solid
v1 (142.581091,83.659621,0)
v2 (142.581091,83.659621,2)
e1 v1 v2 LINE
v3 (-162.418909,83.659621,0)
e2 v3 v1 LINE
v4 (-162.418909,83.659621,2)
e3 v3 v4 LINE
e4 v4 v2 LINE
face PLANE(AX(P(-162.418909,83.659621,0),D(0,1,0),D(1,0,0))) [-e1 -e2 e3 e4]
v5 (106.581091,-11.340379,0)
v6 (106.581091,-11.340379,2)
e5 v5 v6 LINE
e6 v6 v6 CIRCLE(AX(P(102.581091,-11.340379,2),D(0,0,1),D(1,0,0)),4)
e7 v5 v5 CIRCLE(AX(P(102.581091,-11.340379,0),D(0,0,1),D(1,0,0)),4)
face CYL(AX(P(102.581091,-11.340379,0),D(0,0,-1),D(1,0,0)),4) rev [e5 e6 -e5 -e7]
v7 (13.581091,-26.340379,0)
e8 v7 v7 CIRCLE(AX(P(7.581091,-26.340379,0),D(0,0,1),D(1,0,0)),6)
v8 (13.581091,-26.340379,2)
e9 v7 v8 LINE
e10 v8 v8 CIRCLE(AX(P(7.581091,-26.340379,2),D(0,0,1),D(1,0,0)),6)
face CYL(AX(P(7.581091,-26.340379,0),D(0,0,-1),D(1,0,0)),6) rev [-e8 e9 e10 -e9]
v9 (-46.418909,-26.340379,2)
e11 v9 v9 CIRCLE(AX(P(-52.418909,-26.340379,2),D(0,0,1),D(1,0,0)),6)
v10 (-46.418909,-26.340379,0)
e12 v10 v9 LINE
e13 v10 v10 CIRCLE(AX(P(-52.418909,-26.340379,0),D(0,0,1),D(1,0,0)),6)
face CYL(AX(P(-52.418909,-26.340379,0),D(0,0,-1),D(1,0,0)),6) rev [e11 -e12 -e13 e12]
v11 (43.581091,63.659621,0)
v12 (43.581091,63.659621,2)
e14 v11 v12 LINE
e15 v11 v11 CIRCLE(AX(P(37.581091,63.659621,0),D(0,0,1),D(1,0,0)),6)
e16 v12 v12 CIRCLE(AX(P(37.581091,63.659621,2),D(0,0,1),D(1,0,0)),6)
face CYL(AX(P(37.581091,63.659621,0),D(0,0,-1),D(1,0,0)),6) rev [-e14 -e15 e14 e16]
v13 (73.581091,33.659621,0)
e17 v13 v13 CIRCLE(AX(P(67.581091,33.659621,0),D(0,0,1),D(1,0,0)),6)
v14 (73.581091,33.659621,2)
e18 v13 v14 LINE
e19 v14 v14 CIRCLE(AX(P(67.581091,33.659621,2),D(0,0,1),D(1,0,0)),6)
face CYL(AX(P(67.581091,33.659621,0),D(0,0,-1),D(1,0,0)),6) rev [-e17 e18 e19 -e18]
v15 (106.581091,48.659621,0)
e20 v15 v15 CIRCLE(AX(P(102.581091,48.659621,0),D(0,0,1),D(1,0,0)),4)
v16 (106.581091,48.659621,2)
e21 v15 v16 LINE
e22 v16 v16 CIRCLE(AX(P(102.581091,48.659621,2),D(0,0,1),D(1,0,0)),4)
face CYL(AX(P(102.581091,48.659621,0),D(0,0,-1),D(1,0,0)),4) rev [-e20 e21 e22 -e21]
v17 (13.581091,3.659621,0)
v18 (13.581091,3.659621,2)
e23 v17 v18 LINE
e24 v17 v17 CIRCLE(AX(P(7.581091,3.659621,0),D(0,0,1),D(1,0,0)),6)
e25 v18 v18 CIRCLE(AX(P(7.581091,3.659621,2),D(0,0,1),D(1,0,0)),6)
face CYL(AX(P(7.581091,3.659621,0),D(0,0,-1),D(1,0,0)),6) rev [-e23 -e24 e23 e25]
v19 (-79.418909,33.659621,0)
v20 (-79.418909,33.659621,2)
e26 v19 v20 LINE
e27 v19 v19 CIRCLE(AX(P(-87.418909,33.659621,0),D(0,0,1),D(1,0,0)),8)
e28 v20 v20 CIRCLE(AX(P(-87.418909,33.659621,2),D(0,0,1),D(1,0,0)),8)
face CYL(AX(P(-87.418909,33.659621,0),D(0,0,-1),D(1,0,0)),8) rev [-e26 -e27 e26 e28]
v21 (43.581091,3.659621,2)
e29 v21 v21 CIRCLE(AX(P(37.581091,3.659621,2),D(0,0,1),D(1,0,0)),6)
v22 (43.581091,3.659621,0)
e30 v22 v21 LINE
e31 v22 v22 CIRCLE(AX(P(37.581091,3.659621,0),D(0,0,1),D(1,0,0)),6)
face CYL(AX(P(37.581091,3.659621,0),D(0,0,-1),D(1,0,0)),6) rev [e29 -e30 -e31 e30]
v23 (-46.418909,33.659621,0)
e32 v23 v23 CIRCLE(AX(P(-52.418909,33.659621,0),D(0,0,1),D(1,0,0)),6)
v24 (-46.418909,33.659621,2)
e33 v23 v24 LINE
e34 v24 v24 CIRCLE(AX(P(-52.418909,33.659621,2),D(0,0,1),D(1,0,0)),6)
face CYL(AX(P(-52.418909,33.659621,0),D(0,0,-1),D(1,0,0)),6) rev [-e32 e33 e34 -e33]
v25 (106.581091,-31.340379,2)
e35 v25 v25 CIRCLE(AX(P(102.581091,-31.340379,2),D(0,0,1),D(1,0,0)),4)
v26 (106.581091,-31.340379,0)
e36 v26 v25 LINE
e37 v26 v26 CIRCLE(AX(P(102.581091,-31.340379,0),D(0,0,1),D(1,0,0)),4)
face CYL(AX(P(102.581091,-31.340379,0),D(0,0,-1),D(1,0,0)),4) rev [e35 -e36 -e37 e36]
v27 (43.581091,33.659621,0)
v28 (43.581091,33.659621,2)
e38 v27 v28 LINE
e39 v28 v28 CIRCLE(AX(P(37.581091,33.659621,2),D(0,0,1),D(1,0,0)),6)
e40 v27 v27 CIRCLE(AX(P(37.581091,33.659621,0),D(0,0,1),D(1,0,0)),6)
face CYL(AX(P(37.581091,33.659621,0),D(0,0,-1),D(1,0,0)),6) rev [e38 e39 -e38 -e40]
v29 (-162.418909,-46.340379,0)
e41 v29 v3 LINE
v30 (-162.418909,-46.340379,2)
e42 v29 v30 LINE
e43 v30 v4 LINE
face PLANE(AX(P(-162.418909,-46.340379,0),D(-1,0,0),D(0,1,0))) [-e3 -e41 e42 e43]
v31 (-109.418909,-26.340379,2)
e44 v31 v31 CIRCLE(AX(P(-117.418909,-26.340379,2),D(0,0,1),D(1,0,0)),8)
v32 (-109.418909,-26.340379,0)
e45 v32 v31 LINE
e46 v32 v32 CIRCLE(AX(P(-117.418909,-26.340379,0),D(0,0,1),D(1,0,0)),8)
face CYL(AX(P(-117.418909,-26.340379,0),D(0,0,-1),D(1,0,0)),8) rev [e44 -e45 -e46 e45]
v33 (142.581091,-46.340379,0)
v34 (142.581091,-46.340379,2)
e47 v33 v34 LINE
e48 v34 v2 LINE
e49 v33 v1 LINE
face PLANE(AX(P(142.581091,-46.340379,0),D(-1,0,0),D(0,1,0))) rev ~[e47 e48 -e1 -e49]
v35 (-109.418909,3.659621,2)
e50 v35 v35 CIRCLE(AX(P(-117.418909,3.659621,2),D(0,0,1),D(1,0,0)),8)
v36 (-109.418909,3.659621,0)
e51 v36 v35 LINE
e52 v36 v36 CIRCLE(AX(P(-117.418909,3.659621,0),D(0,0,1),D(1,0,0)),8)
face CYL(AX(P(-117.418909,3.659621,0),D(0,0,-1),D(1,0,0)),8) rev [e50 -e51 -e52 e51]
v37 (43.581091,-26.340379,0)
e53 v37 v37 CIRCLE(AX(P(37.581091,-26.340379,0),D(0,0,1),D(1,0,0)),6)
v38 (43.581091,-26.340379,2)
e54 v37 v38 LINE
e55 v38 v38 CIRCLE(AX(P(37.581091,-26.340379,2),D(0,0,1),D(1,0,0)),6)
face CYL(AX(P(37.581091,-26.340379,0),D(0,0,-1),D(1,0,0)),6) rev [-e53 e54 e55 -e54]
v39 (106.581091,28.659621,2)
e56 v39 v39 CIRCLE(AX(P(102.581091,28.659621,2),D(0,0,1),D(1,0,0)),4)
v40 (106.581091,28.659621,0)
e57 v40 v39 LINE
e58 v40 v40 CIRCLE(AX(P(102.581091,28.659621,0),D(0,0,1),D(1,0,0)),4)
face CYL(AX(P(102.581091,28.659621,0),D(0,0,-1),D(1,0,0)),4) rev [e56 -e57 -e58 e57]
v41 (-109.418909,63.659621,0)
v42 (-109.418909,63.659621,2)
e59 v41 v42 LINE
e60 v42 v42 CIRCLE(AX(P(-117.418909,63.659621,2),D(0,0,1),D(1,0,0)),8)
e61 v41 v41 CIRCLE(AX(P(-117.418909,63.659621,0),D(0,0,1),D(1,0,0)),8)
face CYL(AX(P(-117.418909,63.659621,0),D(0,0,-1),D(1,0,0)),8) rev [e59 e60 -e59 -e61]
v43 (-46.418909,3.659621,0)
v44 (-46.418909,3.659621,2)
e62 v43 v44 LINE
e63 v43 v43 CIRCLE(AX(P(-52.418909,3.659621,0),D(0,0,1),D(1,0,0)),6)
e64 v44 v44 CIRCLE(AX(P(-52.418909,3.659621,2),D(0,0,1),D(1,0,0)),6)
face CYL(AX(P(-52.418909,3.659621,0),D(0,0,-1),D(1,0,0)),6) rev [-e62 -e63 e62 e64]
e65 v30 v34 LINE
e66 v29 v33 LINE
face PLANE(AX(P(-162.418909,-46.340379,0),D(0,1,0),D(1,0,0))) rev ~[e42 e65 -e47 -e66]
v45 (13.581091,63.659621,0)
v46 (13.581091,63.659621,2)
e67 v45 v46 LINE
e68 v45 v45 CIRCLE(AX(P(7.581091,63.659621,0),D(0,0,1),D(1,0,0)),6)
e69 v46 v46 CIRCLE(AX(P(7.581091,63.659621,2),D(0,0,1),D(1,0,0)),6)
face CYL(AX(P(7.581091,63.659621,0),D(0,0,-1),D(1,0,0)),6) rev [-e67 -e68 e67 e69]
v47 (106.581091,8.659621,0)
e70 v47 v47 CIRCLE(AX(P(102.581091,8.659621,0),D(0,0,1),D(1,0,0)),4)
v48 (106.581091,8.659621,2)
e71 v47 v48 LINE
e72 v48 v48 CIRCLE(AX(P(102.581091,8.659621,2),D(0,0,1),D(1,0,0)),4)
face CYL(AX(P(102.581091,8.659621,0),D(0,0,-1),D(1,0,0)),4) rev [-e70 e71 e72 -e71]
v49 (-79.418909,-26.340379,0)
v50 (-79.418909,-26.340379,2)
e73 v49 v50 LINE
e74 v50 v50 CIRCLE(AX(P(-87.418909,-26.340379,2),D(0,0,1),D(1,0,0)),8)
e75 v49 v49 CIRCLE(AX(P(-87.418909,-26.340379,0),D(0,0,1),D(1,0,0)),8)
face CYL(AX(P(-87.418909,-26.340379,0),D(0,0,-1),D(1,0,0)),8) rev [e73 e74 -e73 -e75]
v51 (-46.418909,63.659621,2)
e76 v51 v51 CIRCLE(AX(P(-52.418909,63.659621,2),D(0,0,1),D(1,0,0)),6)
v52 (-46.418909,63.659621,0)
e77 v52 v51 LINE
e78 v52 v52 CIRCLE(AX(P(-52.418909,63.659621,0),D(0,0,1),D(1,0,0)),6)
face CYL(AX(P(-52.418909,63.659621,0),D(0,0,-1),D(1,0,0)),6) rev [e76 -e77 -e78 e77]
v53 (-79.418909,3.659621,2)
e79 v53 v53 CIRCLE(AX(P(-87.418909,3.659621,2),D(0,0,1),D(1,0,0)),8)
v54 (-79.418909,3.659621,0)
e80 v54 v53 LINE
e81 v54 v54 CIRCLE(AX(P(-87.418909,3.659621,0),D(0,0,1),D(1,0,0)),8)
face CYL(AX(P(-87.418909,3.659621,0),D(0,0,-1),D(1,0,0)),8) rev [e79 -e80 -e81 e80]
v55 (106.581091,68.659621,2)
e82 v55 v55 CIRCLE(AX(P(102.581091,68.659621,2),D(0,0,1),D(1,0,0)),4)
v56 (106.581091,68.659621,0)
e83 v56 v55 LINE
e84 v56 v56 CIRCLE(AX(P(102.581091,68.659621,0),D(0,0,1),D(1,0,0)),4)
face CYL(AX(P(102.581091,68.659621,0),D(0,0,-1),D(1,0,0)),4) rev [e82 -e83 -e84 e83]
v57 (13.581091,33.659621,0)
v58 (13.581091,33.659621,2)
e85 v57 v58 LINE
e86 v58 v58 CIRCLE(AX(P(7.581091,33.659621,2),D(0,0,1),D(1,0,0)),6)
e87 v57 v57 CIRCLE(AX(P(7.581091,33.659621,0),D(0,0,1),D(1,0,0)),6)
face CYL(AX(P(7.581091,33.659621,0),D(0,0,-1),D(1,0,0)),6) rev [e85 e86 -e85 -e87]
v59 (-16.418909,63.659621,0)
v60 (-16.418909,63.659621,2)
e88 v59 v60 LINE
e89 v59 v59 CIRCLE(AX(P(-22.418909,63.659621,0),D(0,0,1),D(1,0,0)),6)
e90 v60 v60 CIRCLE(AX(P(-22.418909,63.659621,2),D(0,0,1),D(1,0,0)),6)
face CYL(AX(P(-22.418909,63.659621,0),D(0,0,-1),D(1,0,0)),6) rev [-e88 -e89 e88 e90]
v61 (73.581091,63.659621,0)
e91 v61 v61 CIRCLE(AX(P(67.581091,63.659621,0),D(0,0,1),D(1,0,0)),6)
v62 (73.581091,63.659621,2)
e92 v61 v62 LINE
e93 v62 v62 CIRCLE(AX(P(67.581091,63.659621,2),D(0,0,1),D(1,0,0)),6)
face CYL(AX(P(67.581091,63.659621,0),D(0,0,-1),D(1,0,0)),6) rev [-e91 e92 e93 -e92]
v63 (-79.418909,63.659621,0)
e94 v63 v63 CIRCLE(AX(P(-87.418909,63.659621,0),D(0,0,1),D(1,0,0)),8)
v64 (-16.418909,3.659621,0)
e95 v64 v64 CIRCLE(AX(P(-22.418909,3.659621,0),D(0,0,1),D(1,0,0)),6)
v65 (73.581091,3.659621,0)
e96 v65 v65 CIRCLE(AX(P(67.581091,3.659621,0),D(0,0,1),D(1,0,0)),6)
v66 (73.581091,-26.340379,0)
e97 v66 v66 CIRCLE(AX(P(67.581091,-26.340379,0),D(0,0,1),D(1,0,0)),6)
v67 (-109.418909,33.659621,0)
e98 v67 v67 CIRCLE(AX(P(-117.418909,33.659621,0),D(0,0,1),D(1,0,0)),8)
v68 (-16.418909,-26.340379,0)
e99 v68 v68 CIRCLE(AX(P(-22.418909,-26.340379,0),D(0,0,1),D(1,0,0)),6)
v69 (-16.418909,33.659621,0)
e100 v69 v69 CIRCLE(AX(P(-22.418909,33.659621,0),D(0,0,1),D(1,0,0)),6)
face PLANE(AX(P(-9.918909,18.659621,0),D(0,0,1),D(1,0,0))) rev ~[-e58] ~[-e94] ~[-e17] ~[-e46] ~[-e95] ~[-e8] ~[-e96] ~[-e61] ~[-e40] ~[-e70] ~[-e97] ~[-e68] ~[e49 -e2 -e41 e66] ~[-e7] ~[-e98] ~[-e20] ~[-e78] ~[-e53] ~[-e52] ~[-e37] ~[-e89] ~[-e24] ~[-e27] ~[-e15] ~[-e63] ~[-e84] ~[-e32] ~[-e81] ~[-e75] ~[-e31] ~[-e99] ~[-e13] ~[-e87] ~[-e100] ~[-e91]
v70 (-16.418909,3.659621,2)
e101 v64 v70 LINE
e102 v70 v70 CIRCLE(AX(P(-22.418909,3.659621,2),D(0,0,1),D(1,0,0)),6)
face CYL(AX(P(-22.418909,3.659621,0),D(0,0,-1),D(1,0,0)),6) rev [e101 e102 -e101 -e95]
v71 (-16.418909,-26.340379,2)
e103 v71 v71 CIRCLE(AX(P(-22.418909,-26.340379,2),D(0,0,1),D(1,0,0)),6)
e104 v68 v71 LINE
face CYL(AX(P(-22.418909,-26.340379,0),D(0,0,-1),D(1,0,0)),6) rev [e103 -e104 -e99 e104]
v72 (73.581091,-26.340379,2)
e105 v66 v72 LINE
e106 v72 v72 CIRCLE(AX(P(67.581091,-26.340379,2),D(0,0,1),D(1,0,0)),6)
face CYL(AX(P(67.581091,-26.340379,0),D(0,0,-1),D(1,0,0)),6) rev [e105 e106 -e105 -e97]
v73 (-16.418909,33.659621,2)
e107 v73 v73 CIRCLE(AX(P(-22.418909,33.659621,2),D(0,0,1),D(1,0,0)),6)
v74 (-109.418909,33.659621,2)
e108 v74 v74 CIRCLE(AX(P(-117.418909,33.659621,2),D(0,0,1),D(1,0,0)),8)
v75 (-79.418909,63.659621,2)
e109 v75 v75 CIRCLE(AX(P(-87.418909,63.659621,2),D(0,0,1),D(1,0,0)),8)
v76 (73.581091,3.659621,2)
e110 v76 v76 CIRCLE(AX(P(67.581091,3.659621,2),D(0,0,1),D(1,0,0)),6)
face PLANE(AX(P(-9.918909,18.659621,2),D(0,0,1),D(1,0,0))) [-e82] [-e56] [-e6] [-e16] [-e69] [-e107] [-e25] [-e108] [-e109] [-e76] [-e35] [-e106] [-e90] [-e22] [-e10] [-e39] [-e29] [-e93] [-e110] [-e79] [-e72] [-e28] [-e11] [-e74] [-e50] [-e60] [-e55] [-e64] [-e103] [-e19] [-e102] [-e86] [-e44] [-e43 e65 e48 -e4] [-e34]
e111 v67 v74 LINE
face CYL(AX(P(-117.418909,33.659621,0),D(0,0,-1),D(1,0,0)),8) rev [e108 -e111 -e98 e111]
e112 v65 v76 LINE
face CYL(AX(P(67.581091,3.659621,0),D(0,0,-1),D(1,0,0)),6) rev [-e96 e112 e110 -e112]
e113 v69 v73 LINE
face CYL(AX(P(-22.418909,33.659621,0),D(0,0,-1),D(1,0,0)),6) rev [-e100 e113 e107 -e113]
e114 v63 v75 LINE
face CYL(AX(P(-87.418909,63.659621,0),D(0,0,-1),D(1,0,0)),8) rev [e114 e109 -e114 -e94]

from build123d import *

# Parameters (mm, degrees)
F0_W     = 305
F0_H     = 130
F0_R     = 8
F0_R_2   = 6
F0_R_3   = 4
F1_DEPTH = 2


with BuildPart() as f1:
    # F0 (on Top) → F1 (new body)
    with BuildSketch(Plane.XY):
        with Locations((-9.918909, 18.659621)):
            Rectangle(F0_W, F0_H)
        with Locations((-117.418909, -26.340379)):
            Circle(F0_R, mode=Mode.SUBTRACT)
        with Locations((-87.418909, -26.340379)):
            Circle(F0_R, mode=Mode.SUBTRACT)
        with Locations((-52.418909, -26.340379)):
            Circle(F0_R_2, mode=Mode.SUBTRACT)
        with Locations((-22.418909, -26.340379)):
            Circle(F0_R_2, mode=Mode.SUBTRACT)
        with Locations((-117.418909, 3.659621)):
            Circle(F0_R, mode=Mode.SUBTRACT)
        with Locations((-87.418909, 3.659621)):
            Circle(F0_R, mode=Mode.SUBTRACT)
        with Locations((-52.418909, 3.659621)):
            Circle(F0_R_2, mode=Mode.SUBTRACT)
        with Locations((-22.418909, 3.659621)):
            Circle(F0_R_2, mode=Mode.SUBTRACT)
        with Locations((7.581091, -26.340379)):
            Circle(F0_R_2, mode=Mode.SUBTRACT)
        with Locations((37.581091, -26.340379)):
            Circle(F0_R_2, mode=Mode.SUBTRACT)
        with Locations((102.581091, -31.340379)):
            Circle(F0_R_3, mode=Mode.SUBTRACT)
        with Locations((67.581091, -26.340379)):
            Circle(F0_R_2, mode=Mode.SUBTRACT)
        with Locations((7.581091, 3.659621)):
            Circle(F0_R_2, mode=Mode.SUBTRACT)
        with Locations((37.581091, 3.659621)):
            Circle(F0_R_2, mode=Mode.SUBTRACT)
        with Locations((102.581091, -11.340379)):
            Circle(F0_R_3, mode=Mode.SUBTRACT)
        with Locations((67.581091, 3.659621)):
            Circle(F0_R_2, mode=Mode.SUBTRACT)
        with Locations((102.581091, 8.659621)):
            Circle(F0_R_3, mode=Mode.SUBTRACT)
        with Locations((-117.418909, 33.659621)):
            Circle(F0_R, mode=Mode.SUBTRACT)
        with Locations((-87.418909, 33.659621)):
            Circle(F0_R, mode=Mode.SUBTRACT)
        with Locations((-52.418909, 33.659621)):
            Circle(F0_R_2, mode=Mode.SUBTRACT)
        with Locations((-22.418909, 33.659621)):
            Circle(F0_R_2, mode=Mode.SUBTRACT)
        with Locations((-117.418909, 63.659621)):
            Circle(F0_R, mode=Mode.SUBTRACT)
        with Locations((-87.418909, 63.659621)):
            Circle(F0_R, mode=Mode.SUBTRACT)
        with Locations((-52.418909, 63.659621)):
            Circle(F0_R_2, mode=Mode.SUBTRACT)
        with Locations((-22.418909, 63.659621)):
            Circle(F0_R_2, mode=Mode.SUBTRACT)
        with Locations((7.581091, 33.659621)):
            Circle(F0_R_2, mode=Mode.SUBTRACT)
        with Locations((37.581091, 33.659621)):
            Circle(F0_R_2, mode=Mode.SUBTRACT)
        with Locations((67.581091, 33.659621)):
            Circle(F0_R_2, mode=Mode.SUBTRACT)
        with Locations((102.581091, 28.659621)):
            Circle(F0_R_3, mode=Mode.SUBTRACT)
        with Locations((102.581091, 48.659621)):
            Circle(F0_R_3, mode=Mode.SUBTRACT)
        with Locations((7.581091, 63.659621)):
            Circle(F0_R_2, mode=Mode.SUBTRACT)
        with Locations((37.581091, 63.659621)):
            Circle(F0_R_2, mode=Mode.SUBTRACT)
        with Locations((67.581091, 63.659621)):
            Circle(F0_R_2, mode=Mode.SUBTRACT)
        with Locations((102.581091, 68.659621)):
            Circle(F0_R_3, mode=Mode.SUBTRACT)
    extrude(amount=F1_DEPTH)


solid = f1.part
